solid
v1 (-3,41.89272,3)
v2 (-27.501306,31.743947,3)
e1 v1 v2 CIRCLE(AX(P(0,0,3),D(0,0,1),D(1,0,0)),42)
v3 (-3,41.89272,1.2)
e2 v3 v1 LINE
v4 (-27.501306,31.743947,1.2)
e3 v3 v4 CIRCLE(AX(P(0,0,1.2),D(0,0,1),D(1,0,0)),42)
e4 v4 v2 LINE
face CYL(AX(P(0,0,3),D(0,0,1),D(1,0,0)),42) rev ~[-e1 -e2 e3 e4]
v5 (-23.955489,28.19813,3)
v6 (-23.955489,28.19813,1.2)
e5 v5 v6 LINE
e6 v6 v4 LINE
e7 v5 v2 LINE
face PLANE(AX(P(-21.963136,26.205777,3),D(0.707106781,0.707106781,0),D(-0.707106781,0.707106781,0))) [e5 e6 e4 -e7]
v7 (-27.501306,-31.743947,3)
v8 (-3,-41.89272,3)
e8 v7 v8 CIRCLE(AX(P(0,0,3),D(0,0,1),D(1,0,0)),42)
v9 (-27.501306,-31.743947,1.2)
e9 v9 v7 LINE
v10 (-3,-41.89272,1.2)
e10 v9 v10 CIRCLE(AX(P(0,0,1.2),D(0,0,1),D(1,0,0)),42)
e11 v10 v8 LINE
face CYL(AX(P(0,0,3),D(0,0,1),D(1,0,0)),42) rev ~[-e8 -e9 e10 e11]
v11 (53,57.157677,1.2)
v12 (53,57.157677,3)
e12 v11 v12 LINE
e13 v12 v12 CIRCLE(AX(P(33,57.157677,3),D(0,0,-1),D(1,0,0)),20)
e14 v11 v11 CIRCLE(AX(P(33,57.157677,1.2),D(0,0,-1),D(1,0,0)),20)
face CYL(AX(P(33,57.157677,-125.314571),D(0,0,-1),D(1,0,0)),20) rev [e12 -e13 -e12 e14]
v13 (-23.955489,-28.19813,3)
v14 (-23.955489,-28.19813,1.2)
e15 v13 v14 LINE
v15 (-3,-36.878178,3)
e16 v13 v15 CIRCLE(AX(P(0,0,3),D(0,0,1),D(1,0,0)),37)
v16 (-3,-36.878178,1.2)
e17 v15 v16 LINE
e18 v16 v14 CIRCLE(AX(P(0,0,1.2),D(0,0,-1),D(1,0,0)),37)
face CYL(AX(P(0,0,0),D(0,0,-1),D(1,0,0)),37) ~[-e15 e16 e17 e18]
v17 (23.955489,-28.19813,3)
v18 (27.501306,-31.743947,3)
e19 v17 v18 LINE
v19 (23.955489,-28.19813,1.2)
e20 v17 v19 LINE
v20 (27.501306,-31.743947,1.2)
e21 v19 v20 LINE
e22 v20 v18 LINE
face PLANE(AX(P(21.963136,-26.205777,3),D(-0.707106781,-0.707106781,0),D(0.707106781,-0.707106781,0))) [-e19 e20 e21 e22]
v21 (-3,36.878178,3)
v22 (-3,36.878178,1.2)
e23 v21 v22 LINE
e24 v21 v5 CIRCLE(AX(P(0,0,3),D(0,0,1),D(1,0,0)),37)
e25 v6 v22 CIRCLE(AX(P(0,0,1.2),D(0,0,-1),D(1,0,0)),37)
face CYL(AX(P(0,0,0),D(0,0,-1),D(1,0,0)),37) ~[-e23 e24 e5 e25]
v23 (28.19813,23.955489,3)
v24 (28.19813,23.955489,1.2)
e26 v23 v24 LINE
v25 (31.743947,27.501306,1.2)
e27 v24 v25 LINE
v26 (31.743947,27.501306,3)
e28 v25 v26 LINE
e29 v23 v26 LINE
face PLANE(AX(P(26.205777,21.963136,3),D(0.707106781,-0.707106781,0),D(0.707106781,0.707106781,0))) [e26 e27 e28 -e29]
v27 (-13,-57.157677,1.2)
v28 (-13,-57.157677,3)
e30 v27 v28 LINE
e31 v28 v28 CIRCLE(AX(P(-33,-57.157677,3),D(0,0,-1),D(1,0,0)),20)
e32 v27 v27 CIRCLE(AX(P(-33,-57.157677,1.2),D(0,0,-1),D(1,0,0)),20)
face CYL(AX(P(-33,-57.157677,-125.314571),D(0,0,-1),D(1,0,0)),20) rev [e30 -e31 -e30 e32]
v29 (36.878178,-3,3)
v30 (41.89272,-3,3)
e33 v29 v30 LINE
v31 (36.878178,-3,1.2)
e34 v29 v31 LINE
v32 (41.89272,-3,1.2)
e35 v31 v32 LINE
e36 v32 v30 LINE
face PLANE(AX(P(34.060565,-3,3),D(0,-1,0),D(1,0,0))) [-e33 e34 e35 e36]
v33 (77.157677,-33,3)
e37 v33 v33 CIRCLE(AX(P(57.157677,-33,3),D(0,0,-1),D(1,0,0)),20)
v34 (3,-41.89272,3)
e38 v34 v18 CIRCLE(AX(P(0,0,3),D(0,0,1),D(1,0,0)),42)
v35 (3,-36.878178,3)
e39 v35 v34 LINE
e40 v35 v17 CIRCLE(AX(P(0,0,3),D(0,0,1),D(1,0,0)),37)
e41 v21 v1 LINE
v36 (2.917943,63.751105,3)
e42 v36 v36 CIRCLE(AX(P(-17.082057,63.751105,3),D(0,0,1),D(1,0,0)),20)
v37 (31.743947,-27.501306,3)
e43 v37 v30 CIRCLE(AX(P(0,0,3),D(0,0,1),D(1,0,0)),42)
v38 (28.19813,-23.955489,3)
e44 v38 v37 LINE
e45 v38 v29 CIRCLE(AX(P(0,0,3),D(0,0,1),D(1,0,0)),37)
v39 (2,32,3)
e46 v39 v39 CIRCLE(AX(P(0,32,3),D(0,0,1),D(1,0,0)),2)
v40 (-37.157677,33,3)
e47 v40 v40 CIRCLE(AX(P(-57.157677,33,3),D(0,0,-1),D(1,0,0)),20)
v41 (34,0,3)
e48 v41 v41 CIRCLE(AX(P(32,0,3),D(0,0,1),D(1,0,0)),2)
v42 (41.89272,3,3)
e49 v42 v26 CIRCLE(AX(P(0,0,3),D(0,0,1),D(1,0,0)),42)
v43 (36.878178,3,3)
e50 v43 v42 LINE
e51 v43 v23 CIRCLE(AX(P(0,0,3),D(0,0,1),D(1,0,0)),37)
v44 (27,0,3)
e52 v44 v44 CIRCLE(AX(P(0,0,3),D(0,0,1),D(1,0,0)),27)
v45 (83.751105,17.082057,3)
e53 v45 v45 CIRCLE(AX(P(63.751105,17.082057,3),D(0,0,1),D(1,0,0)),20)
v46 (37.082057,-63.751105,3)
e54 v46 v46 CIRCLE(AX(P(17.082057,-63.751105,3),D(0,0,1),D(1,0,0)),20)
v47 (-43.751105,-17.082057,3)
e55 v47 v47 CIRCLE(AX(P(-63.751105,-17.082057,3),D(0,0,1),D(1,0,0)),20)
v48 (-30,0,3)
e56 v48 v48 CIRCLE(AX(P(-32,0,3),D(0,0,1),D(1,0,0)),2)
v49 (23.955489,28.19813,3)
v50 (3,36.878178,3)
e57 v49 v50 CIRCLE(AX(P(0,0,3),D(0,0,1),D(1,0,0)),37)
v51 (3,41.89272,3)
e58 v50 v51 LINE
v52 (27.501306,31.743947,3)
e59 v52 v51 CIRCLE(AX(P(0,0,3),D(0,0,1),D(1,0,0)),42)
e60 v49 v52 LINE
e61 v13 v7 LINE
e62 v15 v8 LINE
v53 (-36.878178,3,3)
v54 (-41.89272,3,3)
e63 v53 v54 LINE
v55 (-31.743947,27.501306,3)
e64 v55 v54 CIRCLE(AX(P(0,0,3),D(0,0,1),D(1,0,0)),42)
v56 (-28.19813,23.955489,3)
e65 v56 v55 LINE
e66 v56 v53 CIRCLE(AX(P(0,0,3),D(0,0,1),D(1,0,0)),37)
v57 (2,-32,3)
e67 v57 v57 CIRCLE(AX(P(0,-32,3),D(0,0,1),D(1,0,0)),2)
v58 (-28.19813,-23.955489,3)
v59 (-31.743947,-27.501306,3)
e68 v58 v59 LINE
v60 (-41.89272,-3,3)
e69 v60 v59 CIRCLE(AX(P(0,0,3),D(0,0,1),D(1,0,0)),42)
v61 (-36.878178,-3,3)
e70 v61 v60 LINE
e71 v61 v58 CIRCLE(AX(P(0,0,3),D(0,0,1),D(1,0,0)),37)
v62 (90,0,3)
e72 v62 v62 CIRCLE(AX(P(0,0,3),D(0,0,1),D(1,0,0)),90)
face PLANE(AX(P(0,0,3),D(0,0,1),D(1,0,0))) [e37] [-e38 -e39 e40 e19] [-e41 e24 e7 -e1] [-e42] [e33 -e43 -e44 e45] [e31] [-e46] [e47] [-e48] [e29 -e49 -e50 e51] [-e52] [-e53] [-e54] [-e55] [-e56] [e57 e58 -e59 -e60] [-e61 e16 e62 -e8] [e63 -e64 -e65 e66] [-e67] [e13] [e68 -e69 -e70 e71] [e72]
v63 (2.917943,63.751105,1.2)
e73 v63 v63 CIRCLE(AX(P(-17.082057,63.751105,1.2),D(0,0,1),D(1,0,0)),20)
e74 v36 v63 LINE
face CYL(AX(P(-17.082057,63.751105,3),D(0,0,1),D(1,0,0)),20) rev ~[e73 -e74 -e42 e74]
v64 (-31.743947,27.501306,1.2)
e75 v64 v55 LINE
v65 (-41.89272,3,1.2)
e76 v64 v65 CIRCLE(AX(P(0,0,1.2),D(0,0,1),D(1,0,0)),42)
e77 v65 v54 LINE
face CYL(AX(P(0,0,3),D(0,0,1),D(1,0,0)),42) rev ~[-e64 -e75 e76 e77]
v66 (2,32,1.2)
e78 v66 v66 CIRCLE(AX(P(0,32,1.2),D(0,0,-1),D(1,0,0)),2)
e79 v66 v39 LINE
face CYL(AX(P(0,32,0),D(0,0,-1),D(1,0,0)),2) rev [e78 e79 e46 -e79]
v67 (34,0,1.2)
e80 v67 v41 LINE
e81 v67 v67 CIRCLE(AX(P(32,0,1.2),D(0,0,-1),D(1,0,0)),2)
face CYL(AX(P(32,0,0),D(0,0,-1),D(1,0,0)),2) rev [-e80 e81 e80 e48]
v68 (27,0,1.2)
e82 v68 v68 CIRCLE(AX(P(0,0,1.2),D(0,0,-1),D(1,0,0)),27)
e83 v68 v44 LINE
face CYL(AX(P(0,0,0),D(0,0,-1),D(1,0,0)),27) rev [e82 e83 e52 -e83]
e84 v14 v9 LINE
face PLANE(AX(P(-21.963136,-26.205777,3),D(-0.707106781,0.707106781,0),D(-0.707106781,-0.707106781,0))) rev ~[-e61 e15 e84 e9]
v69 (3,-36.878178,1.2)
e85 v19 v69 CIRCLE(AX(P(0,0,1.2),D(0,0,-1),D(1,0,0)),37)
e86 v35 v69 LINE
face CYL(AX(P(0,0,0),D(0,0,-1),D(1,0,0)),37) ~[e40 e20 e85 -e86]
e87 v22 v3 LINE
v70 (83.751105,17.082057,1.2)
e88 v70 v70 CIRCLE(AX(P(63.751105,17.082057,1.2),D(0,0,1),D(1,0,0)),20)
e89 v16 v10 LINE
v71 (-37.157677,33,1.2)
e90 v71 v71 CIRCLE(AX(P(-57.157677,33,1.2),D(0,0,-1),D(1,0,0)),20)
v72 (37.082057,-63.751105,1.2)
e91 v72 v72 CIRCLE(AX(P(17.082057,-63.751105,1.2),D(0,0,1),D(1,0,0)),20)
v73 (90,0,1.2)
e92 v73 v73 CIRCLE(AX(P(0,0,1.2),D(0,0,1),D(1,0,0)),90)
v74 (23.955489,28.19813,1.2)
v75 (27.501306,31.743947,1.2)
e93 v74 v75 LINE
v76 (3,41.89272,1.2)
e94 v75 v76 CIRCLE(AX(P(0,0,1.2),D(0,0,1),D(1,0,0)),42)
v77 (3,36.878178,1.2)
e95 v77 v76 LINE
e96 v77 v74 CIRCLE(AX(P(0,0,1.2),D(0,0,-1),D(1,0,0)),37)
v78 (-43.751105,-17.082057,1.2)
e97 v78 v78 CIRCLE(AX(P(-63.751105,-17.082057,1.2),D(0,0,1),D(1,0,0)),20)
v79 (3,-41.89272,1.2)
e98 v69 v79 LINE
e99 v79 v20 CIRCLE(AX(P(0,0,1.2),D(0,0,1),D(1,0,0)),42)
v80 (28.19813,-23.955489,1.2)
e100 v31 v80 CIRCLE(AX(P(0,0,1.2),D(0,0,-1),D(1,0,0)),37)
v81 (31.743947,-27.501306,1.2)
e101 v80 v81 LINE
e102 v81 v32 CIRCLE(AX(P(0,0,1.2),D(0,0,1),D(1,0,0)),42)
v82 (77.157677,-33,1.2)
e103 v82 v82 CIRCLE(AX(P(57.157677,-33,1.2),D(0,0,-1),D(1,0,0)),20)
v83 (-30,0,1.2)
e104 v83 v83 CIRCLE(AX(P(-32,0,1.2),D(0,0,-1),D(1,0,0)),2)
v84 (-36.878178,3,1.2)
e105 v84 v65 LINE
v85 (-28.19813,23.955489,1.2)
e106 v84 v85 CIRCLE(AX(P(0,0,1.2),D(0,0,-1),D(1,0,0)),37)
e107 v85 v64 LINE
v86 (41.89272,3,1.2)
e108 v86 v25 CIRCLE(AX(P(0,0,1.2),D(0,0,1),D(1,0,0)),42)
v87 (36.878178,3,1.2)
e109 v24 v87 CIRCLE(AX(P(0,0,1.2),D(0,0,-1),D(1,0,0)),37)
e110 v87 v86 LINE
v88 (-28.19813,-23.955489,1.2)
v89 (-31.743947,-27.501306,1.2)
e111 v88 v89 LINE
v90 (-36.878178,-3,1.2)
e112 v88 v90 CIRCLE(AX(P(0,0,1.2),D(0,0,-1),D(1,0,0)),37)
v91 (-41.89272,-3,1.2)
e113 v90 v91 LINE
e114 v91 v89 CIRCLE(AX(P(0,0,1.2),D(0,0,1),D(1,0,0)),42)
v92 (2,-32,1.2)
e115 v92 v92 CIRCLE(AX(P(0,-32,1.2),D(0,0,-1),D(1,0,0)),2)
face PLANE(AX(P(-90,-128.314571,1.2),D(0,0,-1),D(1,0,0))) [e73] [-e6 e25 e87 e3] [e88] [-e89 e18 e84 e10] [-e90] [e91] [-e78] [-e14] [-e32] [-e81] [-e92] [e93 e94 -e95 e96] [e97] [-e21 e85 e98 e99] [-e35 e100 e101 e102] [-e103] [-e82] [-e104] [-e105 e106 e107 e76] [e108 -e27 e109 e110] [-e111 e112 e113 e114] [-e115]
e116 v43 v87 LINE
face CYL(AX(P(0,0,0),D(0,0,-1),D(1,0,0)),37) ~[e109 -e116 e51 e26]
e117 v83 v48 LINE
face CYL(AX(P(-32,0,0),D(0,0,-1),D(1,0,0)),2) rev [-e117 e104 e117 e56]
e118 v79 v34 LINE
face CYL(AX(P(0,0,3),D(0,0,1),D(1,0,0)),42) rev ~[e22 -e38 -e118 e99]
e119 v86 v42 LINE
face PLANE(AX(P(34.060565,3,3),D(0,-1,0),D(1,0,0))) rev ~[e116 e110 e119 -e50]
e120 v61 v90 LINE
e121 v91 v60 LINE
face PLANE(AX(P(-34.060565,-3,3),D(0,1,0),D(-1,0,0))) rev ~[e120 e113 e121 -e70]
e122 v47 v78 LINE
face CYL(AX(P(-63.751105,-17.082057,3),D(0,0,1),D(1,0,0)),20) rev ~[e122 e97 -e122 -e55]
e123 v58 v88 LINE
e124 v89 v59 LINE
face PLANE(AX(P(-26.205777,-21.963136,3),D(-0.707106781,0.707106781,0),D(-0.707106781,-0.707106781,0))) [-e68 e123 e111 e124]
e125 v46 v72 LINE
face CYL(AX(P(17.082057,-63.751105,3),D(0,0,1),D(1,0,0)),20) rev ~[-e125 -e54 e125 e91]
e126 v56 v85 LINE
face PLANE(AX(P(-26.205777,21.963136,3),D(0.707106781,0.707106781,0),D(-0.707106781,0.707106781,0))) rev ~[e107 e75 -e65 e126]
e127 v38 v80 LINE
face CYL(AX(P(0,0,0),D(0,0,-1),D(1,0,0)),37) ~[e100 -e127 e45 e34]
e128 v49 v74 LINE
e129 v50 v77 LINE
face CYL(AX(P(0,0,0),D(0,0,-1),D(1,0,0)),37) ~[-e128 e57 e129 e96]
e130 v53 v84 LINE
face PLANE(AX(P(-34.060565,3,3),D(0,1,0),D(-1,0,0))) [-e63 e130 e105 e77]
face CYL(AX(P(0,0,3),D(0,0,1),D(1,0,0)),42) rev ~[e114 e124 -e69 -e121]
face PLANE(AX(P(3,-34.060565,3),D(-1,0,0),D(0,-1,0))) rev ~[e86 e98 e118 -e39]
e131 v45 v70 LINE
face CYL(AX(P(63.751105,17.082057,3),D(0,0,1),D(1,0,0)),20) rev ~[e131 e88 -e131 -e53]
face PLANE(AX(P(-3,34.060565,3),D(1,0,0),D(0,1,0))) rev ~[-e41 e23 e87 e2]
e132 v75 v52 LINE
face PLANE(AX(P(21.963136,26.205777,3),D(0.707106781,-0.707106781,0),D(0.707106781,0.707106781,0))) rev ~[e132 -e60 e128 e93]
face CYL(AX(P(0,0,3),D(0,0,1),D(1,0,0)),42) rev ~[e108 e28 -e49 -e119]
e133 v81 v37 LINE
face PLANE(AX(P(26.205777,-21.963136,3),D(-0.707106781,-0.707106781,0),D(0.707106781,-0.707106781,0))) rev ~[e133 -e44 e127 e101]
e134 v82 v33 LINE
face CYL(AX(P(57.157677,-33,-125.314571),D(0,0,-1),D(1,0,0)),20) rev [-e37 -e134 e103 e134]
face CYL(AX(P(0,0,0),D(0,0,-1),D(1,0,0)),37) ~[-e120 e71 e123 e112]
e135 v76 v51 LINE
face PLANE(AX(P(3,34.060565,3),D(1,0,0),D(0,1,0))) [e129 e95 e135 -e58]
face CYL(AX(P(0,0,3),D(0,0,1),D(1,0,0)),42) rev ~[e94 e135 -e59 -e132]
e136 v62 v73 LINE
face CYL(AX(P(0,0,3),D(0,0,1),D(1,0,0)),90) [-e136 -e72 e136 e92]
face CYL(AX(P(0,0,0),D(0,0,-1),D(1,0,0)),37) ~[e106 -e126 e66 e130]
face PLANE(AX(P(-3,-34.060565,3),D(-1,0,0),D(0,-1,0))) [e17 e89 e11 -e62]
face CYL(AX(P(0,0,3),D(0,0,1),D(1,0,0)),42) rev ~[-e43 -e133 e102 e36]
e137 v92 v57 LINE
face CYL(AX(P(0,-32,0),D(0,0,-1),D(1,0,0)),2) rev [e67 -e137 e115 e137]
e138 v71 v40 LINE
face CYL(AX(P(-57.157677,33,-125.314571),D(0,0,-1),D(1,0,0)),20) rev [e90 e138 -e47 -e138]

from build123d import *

# Parameters (mm, degrees)
SKETCH_1_R               = 37
SKETCH_1_R_2             = 2
SKETCH_1_R_3             = 27
EXTRUDE_1_DEPTH          = 3
SKETCH_2_R               = 90
SKETCH_2_R_2             = 20
SKETCH_2_R_3             = 42
EXTRUDE_2_DEPTH          = 3
EXTRUDE_3_DEPTH          = 3
CUT_EXTRUDE_1_DEPTH      = 128.314571044
CUT_EXTRUDE_1_DEPTH_BACK = 128.314571044
SKETCH_5_R               = 20
CUT_EXTRUDE_2_DEPTH      = 128.314571044
CUT_EXTRUDE_2_DEPTH_BACK = 128.314571044


with BuildPart() as part:
    # 草图1 → 凸台-拉伸1 (new body)
    with BuildSketch(Plane.XY):
        Circle(SKETCH_1_R)
        with Locations((-32, 0)):
            Circle(SKETCH_1_R_2, mode=Mode.SUBTRACT)
        with Locations((0, 32)):
            Circle(SKETCH_1_R_2, mode=Mode.SUBTRACT)
        with Locations((32, 0)):
            Circle(SKETCH_1_R_2, mode=Mode.SUBTRACT)
        with Locations((0, -32)):
            Circle(SKETCH_1_R_2, mode=Mode.SUBTRACT)
        Circle(SKETCH_1_R_3, mode=Mode.SUBTRACT)
    extrude(amount=EXTRUDE_1_DEPTH)



with BuildPart() as body_2:
    # 草图2 → 凸台-拉伸2 (new body)
    with BuildSketch(Plane.XY.offset(3)):
        Circle(SKETCH_2_R)
        with Locations((-63.751104535, -17.082056977)):
            Circle(SKETCH_2_R_2, mode=Mode.SUBTRACT)
        with Locations((-17.082056977, 63.751104535)):
            Circle(SKETCH_2_R_2, mode=Mode.SUBTRACT)
        with Locations((63.751104535, 17.082056977)):
            Circle(SKETCH_2_R_2, mode=Mode.SUBTRACT)
        with Locations((17.082056977, -63.751104535)):
            Circle(SKETCH_2_R_2, mode=Mode.SUBTRACT)
        Circle(SKETCH_2_R_3, mode=Mode.SUBTRACT)
    extrude(amount=-EXTRUDE_2_DEPTH)


with BuildPart() as part_1:
    add(part.part)

    add(body_2.part)  # 凸台-拉伸3 merges body 2
    # 草图3 → 凸台-拉伸3 (add)
    with BuildSketch(Plane.XY.offset(3)):
        Polygon((-41.892720131, 3), (-34.060564973, 3), (-34.060564973, -3), (-43.204810996, -3), (-43.204810996, 3), align=None)
        Polygon((-28.429094491, 32.671735178), (-27.501306144, 31.743946831), (-21.96313612, 26.205776807), (-26.205776807, 21.96313612), (-32.671735178, 28.429094491), align=None)
        Polygon((3, 43.204810996), (3, 41.892720131), (3, 34.060564973), (-3, 34.060564973), (-3, 43.204810996), align=None)
        Polygon((32.671735178, 28.429094491), (31.743946831, 27.501306144), (26.205776807, 21.96313612), (21.96313612, 26.205776807), (28.429094491, 32.671735178), align=None)
        Polygon((43.204810996, -3), (41.892720131, -3), (34.060564973, -3), (34.060564973, 3), (43.204810996, 3), align=None)
        Polygon((28.429094491, -32.671735178), (27.501306144, -31.743946831), (21.96313612, -26.205776807), (26.205776807, -21.96313612), (32.671735178, -28.429094491), align=None)
        Polygon((-3, -43.204810996), (-3, -41.892720131), (-3, -34.060564973), (3, -34.060564973), (3, -43.204810996), align=None)
        Polygon((-32.671735178, -28.429094491), (-31.743946831, -27.501306144), (-26.205776807, -21.96313612), (-21.96313612, -26.205776807), (-28.429094491, -32.671735178), align=None)
    extrude(amount=-EXTRUDE_3_DEPTH)

    # 草图5 → 切除-拉伸1 (cut, two sides: drawn at the far end of the back side and taken through both)
    with BuildSketch(Plane.XY.offset(3).offset(-CUT_EXTRUDE_1_DEPTH_BACK)):
        with Locations((-57.15767665, 33)):
            Circle(SKETCH_5_R)
        with Locations((33, 57.15767665)):
            Circle(SKETCH_5_R)
        with Locations((57.15767665, -33)):
            Circle(SKETCH_5_R)
        with Locations((-33, -57.15767665)):
            Circle(SKETCH_5_R)
    extrude(amount=CUT_EXTRUDE_1_DEPTH + CUT_EXTRUDE_1_DEPTH_BACK, mode=Mode.SUBTRACT)

    # 草图6 → 切除-拉伸2 (cut, two sides: drawn at the far end of the back side and taken through both)
    with BuildSketch(Plane(origin=(0, 0, 0), x_dir=(1, 0, 0), z_dir=(0, 1, 0)).offset(-CUT_EXTRUDE_2_DEPTH_BACK)):
        Polygon((100.374072396, 28.225781081), (-90, 7.369193783), (-90, 0), (-90, -1.2), (96.19546412, -1.2), align=None)
    extrude(amount=CUT_EXTRUDE_2_DEPTH + CUT_EXTRUDE_2_DEPTH_BACK, mode=Mode.SUBTRACT)


solid = part_1.part
